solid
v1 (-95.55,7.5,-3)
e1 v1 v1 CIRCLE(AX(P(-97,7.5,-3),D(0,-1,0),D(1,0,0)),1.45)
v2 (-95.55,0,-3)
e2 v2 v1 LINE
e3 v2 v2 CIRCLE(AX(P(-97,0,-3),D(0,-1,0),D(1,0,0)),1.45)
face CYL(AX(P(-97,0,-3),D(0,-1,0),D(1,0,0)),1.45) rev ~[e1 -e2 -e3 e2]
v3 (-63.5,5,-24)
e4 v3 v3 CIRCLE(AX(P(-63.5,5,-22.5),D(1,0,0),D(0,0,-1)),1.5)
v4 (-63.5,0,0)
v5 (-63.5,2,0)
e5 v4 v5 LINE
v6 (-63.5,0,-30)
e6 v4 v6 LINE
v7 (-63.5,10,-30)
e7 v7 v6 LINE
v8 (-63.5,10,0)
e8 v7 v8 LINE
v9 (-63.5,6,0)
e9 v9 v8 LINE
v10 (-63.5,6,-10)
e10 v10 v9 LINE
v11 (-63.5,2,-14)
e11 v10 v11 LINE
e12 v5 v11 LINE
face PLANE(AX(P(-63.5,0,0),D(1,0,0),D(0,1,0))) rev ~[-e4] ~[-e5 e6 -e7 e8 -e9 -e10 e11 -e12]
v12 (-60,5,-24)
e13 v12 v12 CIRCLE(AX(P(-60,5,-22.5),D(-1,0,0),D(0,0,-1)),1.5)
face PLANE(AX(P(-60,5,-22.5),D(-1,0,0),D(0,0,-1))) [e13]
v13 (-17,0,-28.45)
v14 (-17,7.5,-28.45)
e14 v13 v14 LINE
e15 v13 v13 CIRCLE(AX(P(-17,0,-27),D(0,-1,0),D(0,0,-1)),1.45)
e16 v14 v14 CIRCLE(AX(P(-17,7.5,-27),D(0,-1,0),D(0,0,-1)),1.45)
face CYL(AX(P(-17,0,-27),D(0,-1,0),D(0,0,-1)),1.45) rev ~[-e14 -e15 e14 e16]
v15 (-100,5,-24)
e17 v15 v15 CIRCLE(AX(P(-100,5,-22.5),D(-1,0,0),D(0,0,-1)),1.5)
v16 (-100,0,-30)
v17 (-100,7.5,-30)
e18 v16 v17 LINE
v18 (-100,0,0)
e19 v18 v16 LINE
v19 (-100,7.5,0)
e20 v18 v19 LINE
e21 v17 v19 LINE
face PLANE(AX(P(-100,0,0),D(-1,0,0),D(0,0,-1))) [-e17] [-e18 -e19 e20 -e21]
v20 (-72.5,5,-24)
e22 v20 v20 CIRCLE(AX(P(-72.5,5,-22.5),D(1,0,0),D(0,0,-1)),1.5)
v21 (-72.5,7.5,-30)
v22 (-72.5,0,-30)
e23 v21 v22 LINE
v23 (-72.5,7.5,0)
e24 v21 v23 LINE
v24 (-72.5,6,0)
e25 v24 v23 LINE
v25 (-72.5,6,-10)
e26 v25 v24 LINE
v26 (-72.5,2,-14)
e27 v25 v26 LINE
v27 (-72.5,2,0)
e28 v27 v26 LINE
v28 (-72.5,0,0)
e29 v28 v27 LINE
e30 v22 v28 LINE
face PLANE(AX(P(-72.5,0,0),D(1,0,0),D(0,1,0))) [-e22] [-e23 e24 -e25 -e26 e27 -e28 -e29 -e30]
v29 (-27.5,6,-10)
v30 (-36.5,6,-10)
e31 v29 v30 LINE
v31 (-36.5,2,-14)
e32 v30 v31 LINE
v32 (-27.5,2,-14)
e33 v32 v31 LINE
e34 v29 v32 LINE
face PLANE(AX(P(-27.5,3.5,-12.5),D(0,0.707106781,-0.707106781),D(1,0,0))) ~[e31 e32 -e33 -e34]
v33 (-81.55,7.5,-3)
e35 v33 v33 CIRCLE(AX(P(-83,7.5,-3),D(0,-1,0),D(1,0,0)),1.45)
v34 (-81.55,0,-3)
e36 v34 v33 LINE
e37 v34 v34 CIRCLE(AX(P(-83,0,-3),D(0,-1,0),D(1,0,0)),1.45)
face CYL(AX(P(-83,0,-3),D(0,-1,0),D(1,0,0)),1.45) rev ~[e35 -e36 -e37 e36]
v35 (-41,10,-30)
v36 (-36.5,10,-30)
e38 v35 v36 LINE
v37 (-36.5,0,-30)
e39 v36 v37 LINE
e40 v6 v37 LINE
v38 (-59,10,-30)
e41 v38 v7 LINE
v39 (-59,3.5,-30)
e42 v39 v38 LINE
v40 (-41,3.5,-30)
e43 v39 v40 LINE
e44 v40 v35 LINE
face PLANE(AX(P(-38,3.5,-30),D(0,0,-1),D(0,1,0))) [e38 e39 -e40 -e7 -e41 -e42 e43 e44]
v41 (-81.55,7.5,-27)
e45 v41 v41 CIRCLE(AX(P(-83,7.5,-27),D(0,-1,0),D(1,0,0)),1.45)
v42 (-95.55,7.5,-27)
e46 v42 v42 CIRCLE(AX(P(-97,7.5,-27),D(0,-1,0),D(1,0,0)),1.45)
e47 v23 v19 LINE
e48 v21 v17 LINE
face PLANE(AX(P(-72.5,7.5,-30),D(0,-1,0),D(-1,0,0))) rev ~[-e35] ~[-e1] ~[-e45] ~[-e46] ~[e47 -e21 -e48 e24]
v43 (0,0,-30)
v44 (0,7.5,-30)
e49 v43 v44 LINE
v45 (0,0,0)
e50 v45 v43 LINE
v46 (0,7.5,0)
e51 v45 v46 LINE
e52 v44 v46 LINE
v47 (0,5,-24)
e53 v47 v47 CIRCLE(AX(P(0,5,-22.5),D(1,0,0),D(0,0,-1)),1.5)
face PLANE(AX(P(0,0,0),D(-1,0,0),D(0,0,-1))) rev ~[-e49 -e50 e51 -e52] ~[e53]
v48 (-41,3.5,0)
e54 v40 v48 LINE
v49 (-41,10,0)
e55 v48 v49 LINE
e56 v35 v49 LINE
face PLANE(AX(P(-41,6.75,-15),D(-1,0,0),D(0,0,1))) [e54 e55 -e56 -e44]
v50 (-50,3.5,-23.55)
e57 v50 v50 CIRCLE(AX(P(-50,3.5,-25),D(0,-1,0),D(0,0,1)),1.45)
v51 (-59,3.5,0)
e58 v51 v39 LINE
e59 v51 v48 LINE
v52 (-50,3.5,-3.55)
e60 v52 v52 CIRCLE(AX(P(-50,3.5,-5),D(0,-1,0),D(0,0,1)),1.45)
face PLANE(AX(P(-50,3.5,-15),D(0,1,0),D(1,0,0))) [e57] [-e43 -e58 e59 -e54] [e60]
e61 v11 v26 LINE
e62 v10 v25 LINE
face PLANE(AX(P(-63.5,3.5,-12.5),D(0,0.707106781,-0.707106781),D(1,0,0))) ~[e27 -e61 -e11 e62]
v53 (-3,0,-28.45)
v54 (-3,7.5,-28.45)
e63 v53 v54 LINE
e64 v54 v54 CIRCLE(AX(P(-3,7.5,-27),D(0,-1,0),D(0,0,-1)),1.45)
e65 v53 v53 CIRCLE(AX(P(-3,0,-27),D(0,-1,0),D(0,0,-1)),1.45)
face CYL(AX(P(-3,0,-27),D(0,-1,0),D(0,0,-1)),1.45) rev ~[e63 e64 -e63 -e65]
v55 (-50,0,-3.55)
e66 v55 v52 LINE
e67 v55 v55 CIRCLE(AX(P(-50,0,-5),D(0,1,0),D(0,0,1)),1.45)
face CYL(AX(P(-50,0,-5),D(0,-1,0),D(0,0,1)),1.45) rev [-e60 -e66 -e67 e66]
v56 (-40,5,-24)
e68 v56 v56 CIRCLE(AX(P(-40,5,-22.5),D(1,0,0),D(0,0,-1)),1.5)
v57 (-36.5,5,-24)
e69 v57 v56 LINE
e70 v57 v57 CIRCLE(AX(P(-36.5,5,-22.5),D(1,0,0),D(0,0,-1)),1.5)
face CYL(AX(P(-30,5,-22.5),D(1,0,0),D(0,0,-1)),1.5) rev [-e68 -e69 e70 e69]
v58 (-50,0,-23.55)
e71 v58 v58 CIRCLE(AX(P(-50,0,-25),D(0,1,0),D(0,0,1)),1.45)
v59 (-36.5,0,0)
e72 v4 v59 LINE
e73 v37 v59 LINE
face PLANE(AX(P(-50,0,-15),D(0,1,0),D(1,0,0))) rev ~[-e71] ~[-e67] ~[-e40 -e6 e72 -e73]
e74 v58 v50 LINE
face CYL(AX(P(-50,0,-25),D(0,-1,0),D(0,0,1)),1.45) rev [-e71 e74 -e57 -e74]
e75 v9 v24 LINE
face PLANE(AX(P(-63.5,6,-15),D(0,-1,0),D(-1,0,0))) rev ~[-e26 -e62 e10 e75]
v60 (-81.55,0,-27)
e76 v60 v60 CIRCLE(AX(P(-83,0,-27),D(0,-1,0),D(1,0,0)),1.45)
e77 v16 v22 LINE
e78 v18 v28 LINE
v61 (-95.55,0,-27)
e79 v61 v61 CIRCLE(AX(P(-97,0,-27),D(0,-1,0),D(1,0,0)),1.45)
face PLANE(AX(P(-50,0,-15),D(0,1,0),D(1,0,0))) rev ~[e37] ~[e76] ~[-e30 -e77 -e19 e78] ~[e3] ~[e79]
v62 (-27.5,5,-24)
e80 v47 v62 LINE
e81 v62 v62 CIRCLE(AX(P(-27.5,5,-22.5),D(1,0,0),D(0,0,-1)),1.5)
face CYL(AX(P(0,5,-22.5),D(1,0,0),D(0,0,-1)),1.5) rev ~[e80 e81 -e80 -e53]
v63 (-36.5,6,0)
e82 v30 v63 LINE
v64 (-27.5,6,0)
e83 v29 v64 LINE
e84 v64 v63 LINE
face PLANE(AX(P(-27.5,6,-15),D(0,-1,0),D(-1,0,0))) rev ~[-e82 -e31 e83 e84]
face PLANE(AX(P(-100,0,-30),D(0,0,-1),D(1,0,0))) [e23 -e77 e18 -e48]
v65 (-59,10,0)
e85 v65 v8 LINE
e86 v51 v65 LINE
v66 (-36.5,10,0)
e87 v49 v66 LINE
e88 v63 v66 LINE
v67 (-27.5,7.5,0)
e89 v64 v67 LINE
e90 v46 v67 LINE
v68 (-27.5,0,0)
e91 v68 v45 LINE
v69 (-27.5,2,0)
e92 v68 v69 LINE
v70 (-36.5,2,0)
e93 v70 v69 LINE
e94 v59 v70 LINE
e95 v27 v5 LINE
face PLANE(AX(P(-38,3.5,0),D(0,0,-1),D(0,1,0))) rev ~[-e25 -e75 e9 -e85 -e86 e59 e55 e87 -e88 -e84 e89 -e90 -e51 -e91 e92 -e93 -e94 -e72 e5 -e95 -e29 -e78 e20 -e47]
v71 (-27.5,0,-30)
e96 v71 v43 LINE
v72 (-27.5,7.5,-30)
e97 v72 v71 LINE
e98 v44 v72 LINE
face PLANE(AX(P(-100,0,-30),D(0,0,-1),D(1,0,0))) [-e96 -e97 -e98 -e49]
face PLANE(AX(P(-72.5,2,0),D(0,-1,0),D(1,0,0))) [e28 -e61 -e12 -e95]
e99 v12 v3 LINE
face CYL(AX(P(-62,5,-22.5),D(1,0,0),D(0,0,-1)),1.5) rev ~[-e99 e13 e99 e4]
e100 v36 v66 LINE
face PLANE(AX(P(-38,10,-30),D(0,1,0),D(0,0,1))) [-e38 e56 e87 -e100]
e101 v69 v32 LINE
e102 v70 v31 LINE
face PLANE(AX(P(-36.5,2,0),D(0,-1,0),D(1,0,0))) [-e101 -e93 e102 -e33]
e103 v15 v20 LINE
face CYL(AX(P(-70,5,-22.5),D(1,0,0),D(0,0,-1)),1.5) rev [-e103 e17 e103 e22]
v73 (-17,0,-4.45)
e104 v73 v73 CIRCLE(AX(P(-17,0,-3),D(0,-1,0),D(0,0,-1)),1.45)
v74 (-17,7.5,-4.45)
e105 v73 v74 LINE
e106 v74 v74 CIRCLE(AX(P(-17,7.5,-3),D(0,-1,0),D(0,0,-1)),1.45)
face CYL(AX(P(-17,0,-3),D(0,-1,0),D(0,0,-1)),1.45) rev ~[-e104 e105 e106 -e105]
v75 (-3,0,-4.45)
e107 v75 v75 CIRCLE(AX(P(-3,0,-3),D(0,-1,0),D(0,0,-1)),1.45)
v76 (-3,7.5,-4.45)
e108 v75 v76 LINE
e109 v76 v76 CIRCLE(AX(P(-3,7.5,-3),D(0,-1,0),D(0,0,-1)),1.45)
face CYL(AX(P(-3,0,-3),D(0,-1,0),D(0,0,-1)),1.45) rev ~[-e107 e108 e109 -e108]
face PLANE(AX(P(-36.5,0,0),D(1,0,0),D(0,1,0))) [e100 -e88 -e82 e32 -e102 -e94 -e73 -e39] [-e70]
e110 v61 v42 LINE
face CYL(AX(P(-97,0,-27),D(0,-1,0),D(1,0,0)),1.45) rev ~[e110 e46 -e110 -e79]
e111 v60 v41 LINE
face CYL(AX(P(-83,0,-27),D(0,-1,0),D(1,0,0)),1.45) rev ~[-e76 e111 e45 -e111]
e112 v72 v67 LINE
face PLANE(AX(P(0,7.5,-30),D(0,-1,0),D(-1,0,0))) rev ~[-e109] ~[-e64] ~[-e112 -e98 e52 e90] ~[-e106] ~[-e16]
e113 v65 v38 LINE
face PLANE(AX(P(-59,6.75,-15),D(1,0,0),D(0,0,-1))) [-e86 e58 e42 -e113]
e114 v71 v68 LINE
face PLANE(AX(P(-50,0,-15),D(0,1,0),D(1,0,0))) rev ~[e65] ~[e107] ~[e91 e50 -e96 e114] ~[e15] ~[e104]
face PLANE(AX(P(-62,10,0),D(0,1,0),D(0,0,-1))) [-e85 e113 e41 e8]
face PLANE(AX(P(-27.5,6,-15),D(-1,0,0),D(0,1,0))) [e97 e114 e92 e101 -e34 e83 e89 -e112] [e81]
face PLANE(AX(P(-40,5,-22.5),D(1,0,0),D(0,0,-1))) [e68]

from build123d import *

# Parameters (mm, degrees)
SKETCH_1_W           = 100
SKETCH_1_H           = 30
SKETCH_1_R           = 1.45
EXTRUDE_1_DEPTH      = 10
SKETCH_2_W           = 24
SKETCH_2_H           = 30
CUT_EXTRUDE_1_DEPTH  = 6.5
SKETCH_3_W           = 9
SKETCH_3_H           = 15
CUT_EXTRUDE_2_DEPTH  = 16.5
SKETCH_4_W           = 9
SKETCH_4_H           = 4
CUT_EXTRUDE_3_DEPTH  = 16.5
SKETCH_6_R           = 1.5
CUT_EXTRUDE_4_DEPTH  = 16
CUT_EXTRUDE_START    = -8
SKETCH_7_R           = 1.5
CUT_EXTRUDE_5_DEPTH  = 8
CHAMFER_1_SIZE       = 5
CUT_EXTRUDE_START_2  = -30
SKETCH_10_R          = 1.5
CUT_EXTRUDE_8_DEPTH  = 30
SKETCH_11_R          = 1.5
CUT_EXTRUDE_9_DEPTH  = 30
SKETCH_15_W          = 27.5
SKETCH_15_H          = 2.5
CUT_EXTRUDE_14_DEPTH = 30
CUT_EXTRUDE_15_REACH = 106.881
SKETCH_16_W          = 9
SKETCH_16_H          = 2
SKETCH_19_R          = 1.45
CUT_EXTRUDE_18_DEPTH = 105.880884817
SKETCH_21_W          = 30
SKETCH_21_H          = 6.5
EXTRUDE_2_DEPTH      = 3
CUT_EXTRUDE_START_3  = -2
SKETCH_22_R          = 1.5
CUT_EXTRUDE_19_DEPTH = 2
SKETCH_23_W          = 30
SKETCH_23_H          = 6.5
EXTRUDE_3_DEPTH      = 3
SKETCH_24_R          = 1.5
CUT_EXTRUDE_20_DEPTH = 2


with BuildPart() as part:
    # 草图1 → 凸台-拉伸1 (new body)
    with BuildSketch(Plane(origin=(0, 0, 0), x_dir=(1, 0, 0), z_dir=(0, 1, 0))):
        with Locations((-50, 15)):
            Rectangle(SKETCH_1_W, SKETCH_1_H)
        with Locations(Location((-50, 25, 0), (0, 0, 270))):
            Circle(SKETCH_1_R, mode=Mode.SUBTRACT)
        with Locations(Location((-50, 5, 0), (0, 0, 270))):
            Circle(SKETCH_1_R, mode=Mode.SUBTRACT)
    extrude(amount=EXTRUDE_1_DEPTH)

    # 草图2 → 切除-拉伸1 (cut)
    with BuildSketch(Plane(origin=(0, 10, 0), x_dir=(1, 0, 0), z_dir=(0, 1, 0))):
        with Locations((-50, 15)):
            Rectangle(SKETCH_2_W, SKETCH_2_H)
    extrude(amount=-CUT_EXTRUDE_1_DEPTH, mode=Mode.SUBTRACT)

    # 草图3 → 切除-拉伸2 (cut)
    with BuildSketch(Plane(origin=(0, 10, 0), x_dir=(1, 0, 0), z_dir=(0, 1, 0))):
        with Locations((-68, 22.5)):
            Rectangle(SKETCH_3_W, SKETCH_3_H)
        with Locations((-32, 22.5)):
            Rectangle(SKETCH_3_W, SKETCH_3_H)
    extrude(amount=-CUT_EXTRUDE_2_DEPTH, mode=Mode.SUBTRACT)

    # 草图4 → 切除-拉伸3 (cut)
    with BuildSketch(Plane(origin=(0, 0, -15), x_dir=(-1, 0, 0), z_dir=(0, 0, -1))):
        with Locations((68, 8)):
            Rectangle(SKETCH_4_W, SKETCH_4_H)
        with Locations((32, 8)):
            Rectangle(SKETCH_4_W, SKETCH_4_H)
    extrude(amount=-CUT_EXTRUDE_3_DEPTH, mode=Mode.SUBTRACT)

    # 草图6 → 切除-拉伸4 (cut)
    with BuildSketch(Plane(origin=(-62, 0, 0), x_dir=(0, 0, -1), z_dir=(1, 0, 0))):
        with Locations((22.5, 5)):
            Circle(SKETCH_6_R)
    extrude(amount=-CUT_EXTRUDE_4_DEPTH, mode=Mode.SUBTRACT)

    # 草图7 → 切除-拉伸5 (cut)
    with BuildSketch(Plane.ZY.offset(38).offset(CUT_EXTRUDE_START)):
        with Locations(Location((-22.5, 5, 0), (0, 0, 180))):
            Circle(SKETCH_7_R)
    extrude(amount=CUT_EXTRUDE_5_DEPTH, mode=Mode.SUBTRACT)

    # 倒角1
    chamfer_1_edges = [part.edges().sort_by_distance(p)[0] for p in [
        (-32, 6, -15),
        (-68, 6, -15),
    ]]
    chamfer(chamfer_1_edges, length=CHAMFER_1_SIZE)

    # 草图10 → 切除-拉伸8 (cut)
    with BuildSketch(Plane(origin=(-100, -149.284504662, 244.723777946), x_dir=(0, 0, 1), z_dir=(-1, 0, 0)).offset(CUT_EXTRUDE_START_2)):
        with Locations(Location((-267.223777946, 154.284504662, 0), (0, 0, 180))):
            Circle(SKETCH_10_R)
    extrude(amount=CUT_EXTRUDE_8_DEPTH, mode=Mode.SUBTRACT)

    # 草图11 → 切除-拉伸9 (cut)
    with BuildSketch(Plane(origin=(0, -149.284504662, 244.723777946), x_dir=(0, 0, -1), z_dir=(1, 0, 0))):
        with Locations((267.223777946, 154.284504662)):
            Circle(SKETCH_11_R)
    extrude(amount=-CUT_EXTRUDE_9_DEPTH, mode=Mode.SUBTRACT)

    # 草图15 → 切除-拉伸14 (cut)
    with BuildSketch(Plane(origin=(0, 0, -30), x_dir=(-1, 0, 0), z_dir=(0, 0, -1))):
        with Locations((13.75, 8.75)):
            Rectangle(SKETCH_15_W, SKETCH_15_H)
        with Locations((86.25, 8.75)):
            Rectangle(SKETCH_15_W, SKETCH_15_H)
    extrude(amount=-CUT_EXTRUDE_14_DEPTH, mode=Mode.SUBTRACT)

    # 切除-拉伸15: up to this plane
    cut_extrude_15_end = Plane(origin=(-63.5, 6, -10), z_dir=(0, -0.7071067811865456, 0.7071067811865495))
    # 草图16 → 切除-拉伸15 (cut, up to the surface)
    with BuildSketch(Plane.XY, mode=Mode.PRIVATE) as cut_extrude_15_sk1:
        with Locations((-68, 1)):
            Rectangle(SKETCH_16_W, SKETCH_16_H)
    cut_extrude_15_tool1 = split(extrude(cut_extrude_15_sk1.sketch, amount=-CUT_EXTRUDE_15_REACH, mode=Mode.PRIVATE), bisect_by=cut_extrude_15_end, keep=Keep.BOTH, mode=Mode.PRIVATE)
    add(cut_extrude_15_tool1.solids().sort_by_distance((-68, 1, 0))[0], mode=Mode.SUBTRACT)
    # 草图16 → 切除-拉伸15 (cut, up to the surface)
    with BuildSketch(Plane.XY, mode=Mode.PRIVATE) as cut_extrude_15_sk2:
        with Locations((-32, 1)):
            Rectangle(SKETCH_16_W, SKETCH_16_H)
    cut_extrude_15_tool2 = split(extrude(cut_extrude_15_sk2.sketch, amount=-CUT_EXTRUDE_15_REACH, mode=Mode.PRIVATE), bisect_by=cut_extrude_15_end, keep=Keep.BOTH, mode=Mode.PRIVATE)
    add(cut_extrude_15_tool2.solids().sort_by_distance((-32, 1, 0))[0], mode=Mode.SUBTRACT)

    # 草图19 → 切除-拉伸18 (cut, through all)
    with BuildSketch(Plane.XZ):
        with Locations(Location((-3, -3, 0), (0, 0, 270))):
            Circle(SKETCH_19_R)
        with Locations(Location((-17, -3, 0), (0, 0, 270))):
            Circle(SKETCH_19_R)
        with Locations(Location((-17, -27, 0), (0, 0, 270))):
            Circle(SKETCH_19_R)
        with Locations(Location((-3, -27, 0), (0, 0, 270))):
            Circle(SKETCH_19_R)
        with Locations((-97, -27)):
            Circle(SKETCH_19_R)
        with Locations((-83, -27)):
            Circle(SKETCH_19_R)
        with Locations((-83, -3)):
            Circle(SKETCH_19_R)
        with Locations((-97, -3)):
            Circle(SKETCH_19_R)
    extrude(amount=-CUT_EXTRUDE_18_DEPTH, mode=Mode.SUBTRACT)

    # 草图21 → 凸台-拉伸2 (add)
    with BuildSketch(Plane(origin=(-62, 0, 0), x_dir=(0, 0, -1), z_dir=(1, 0, 0))):
        with Locations((15, 6.75)):
            Rectangle(SKETCH_21_W, SKETCH_21_H)
    extrude(amount=EXTRUDE_2_DEPTH)

    # 草图22 → 切除-拉伸19 (cut)
    with BuildSketch(Plane.ZY.offset(62).offset(CUT_EXTRUDE_START_3)):
        with Locations(Location((-22.5, 5, 0), (0, 0, 180))):
            Circle(SKETCH_22_R)
    extrude(amount=CUT_EXTRUDE_19_DEPTH, mode=Mode.SUBTRACT)

    # 草图23 → 凸台-拉伸3 (add)
    with BuildSketch(Plane.ZY.offset(38)):
        with Locations((-15, 6.75)):
            Rectangle(SKETCH_23_W, SKETCH_23_H)
    extrude(amount=EXTRUDE_3_DEPTH)

    # 草图24 → 切除-拉伸20 (cut)
    with BuildSketch(Plane(origin=(-38, 0, 0), x_dir=(0, 0, -1), z_dir=(1, 0, 0))):
        with Locations((22.5, 5)):
            Circle(SKETCH_24_R)
    extrude(amount=-CUT_EXTRUDE_20_DEPTH, mode=Mode.SUBTRACT)


solid = part.part
